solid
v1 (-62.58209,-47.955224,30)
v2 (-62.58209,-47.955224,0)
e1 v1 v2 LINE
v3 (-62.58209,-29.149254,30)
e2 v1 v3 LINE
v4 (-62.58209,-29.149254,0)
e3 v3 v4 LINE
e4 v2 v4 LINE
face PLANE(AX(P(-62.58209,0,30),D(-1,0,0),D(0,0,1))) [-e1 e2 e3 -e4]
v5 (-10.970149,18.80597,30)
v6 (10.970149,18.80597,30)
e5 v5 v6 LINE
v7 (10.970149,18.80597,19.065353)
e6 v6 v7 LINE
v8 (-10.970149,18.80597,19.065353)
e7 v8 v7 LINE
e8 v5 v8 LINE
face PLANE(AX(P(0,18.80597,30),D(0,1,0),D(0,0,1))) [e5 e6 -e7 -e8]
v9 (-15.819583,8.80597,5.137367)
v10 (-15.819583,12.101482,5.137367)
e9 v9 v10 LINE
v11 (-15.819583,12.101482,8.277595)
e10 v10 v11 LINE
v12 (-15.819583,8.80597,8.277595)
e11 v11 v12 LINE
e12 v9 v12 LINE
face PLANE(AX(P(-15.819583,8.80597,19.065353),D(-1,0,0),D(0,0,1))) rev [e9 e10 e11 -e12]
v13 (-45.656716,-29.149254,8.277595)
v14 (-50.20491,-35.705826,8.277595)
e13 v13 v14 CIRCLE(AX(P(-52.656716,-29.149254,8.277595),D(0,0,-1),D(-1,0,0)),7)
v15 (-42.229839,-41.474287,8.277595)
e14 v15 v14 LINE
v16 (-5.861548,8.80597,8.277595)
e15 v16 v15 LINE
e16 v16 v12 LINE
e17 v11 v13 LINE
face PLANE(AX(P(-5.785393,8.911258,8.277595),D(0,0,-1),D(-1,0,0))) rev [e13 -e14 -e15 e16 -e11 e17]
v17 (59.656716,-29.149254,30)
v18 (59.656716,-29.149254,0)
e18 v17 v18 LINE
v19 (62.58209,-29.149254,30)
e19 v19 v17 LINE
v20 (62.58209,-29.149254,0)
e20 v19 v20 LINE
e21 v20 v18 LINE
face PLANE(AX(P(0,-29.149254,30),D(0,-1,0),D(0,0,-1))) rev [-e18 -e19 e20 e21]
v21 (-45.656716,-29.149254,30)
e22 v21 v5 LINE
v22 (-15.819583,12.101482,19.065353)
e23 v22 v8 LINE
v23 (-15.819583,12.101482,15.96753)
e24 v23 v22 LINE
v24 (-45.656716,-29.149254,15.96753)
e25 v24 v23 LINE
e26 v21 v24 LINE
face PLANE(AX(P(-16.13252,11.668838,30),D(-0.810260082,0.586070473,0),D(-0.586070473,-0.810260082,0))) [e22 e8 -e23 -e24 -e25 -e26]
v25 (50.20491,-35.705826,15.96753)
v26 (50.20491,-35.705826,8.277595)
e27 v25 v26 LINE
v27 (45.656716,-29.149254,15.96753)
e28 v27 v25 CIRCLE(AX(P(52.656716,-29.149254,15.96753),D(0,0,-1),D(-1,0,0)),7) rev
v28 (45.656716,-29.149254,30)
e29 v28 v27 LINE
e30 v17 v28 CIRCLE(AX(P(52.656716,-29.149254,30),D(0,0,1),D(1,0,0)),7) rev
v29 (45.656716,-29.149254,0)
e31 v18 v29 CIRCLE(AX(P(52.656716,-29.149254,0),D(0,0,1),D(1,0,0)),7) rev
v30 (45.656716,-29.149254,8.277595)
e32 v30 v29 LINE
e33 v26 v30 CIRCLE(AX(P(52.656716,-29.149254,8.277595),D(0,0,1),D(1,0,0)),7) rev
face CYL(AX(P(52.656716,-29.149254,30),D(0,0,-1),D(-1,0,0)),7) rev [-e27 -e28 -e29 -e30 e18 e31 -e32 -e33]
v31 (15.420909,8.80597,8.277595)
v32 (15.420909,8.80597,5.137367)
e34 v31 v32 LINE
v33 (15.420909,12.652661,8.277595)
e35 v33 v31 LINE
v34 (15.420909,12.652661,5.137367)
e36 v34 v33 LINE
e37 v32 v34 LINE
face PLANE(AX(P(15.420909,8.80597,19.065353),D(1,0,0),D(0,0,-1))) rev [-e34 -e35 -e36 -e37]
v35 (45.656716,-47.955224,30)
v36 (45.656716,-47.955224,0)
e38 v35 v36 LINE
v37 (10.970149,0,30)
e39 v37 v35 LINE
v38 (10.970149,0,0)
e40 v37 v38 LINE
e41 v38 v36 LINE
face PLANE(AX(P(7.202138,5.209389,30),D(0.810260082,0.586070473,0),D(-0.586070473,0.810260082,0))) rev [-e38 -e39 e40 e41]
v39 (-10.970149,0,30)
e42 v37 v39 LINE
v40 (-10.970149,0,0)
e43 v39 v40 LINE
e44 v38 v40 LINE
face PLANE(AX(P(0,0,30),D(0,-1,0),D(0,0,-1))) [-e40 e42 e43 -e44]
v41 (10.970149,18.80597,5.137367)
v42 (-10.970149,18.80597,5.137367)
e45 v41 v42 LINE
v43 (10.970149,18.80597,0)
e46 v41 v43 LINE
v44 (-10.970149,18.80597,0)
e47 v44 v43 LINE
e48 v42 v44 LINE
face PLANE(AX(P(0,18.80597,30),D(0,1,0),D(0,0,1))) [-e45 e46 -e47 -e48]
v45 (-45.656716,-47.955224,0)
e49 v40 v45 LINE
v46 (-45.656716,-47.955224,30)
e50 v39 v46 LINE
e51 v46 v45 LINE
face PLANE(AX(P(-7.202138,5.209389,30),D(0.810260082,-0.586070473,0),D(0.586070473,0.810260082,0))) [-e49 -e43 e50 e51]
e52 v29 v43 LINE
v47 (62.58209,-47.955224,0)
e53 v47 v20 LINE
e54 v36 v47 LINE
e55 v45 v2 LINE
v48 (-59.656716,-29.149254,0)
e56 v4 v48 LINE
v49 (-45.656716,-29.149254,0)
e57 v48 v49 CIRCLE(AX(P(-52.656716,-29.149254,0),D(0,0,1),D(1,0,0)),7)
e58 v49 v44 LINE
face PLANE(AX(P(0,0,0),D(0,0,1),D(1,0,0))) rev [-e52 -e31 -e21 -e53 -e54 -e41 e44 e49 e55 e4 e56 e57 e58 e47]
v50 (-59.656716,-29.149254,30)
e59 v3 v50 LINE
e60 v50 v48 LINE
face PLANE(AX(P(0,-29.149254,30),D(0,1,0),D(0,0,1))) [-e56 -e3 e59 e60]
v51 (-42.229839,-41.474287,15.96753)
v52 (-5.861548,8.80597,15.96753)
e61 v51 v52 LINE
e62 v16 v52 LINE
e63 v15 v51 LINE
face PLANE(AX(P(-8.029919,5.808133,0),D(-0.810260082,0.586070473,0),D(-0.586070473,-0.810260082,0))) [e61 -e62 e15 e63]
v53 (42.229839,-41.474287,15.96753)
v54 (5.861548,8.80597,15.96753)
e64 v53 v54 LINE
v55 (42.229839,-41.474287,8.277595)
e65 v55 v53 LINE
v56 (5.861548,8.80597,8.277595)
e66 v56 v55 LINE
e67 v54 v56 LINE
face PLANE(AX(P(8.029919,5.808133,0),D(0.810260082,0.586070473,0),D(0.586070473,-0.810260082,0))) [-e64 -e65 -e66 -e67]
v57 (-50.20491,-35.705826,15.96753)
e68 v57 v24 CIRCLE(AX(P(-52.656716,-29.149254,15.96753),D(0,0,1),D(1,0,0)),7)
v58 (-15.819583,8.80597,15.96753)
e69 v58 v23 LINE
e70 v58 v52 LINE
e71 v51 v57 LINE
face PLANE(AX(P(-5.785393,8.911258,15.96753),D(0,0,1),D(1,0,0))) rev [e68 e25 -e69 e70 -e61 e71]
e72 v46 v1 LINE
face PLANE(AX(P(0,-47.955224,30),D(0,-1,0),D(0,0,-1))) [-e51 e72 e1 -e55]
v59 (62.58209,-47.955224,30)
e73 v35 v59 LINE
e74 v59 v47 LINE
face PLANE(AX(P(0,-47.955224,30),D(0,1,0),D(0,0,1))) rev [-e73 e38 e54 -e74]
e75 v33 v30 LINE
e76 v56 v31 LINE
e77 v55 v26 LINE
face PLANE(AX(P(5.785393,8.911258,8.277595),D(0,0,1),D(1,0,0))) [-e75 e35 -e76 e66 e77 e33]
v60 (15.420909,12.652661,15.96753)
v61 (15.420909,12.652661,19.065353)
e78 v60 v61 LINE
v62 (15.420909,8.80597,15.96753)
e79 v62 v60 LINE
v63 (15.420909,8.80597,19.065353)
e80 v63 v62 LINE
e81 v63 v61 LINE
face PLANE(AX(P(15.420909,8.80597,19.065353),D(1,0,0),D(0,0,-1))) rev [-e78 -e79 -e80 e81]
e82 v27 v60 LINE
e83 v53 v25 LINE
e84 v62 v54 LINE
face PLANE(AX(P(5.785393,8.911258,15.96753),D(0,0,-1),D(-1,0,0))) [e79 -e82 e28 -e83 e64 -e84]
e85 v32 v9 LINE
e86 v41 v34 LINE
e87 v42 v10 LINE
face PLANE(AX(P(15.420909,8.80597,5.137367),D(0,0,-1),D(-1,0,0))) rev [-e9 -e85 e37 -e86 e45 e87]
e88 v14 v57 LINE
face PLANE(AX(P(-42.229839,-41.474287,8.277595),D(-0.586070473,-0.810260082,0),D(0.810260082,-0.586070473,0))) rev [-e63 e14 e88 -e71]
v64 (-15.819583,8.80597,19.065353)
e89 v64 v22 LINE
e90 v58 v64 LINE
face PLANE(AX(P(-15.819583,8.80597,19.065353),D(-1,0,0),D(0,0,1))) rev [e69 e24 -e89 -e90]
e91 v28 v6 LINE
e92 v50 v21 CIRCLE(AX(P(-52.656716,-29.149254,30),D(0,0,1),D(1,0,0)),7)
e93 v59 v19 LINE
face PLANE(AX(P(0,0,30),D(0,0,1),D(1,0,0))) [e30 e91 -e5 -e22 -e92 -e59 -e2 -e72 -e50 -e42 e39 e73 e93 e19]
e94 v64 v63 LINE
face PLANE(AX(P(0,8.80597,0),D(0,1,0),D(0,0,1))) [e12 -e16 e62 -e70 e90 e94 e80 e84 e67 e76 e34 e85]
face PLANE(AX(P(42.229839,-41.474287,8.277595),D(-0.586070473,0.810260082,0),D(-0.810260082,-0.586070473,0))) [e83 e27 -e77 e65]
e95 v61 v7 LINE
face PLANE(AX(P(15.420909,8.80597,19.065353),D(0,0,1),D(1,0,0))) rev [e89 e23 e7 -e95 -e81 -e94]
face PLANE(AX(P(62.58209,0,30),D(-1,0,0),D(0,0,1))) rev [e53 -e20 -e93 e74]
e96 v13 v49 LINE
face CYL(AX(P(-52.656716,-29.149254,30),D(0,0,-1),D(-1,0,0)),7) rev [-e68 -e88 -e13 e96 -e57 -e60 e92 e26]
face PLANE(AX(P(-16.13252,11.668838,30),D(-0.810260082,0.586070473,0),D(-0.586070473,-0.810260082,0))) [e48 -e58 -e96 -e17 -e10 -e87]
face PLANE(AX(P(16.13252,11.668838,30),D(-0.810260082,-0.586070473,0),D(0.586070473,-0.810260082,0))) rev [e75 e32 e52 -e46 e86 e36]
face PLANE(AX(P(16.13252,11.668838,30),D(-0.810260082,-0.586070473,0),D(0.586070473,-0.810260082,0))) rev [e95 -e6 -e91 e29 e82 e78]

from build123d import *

# Parameters (mm, degrees)
BOSS_EXTRUDE1_DEPTH = 30
SKETCH3_W           = 31.24049206
SKETCH3_H           = 13.927985749
CUT_EXTRUDE1_DEPTH  = 10
SKETCH4_W           = 7.689934576
SKETCH4_H           = 62.184409798
CUT_EXTRUDE2_DEPTH  = 10


with BuildPart() as part:
    # Sketch2 → Boss-Extrude1 (new body)
    with BuildSketch(Plane.XY):
        with BuildLine():
            Line((-10.970149254, 0), (0, 0))
            Line((0, 0), (0, 18.805970149))
            Line((0, 18.805970149), (-10.970149254, 18.805970149))
            Line((-10.970149254, 18.805970149), (-45.656716418, -29.149253731))
            ThreePointArc((-45.656716418, -29.149253731), (-52.656716418, -36.149253731), (-59.656716418, -29.149253731))
            Line((-59.656716418, -29.149253731), (-62.582089552, -29.149253731))
            Line((-62.582089552, -29.149253731), (-62.582089552, -47.955223881))
            Line((-62.582089552, -47.955223881), (-45.656716418, -47.955223881))
            Line((-45.656716418, -47.955223881), (-10.970149254, 0))
        make_face()
        with BuildLine():
            Line((0, 0), (10.970149254, 0))
            Line((10.970149254, 0), (45.656716418, -47.955223881))
            Line((45.656716418, -47.955223881), (62.582089552, -47.955223881))
            Line((62.582089552, -47.955223881), (62.582089552, -29.149253731))
            Line((62.582089552, -29.149253731), (59.656716418, -29.149253731))
            ThreePointArc((59.656716418, -29.149253731), (52.656716418, -36.149253731), (45.656716418, -29.149253731))
            Line((45.656716418, -29.149253731), (10.970149254, 18.805970149))
            Line((10.970149254, 18.805970149), (0, 18.805970149))
            Line((0, 18.805970149), (0, 0))
        make_face()
    extrude(amount=BOSS_EXTRUDE1_DEPTH)

    # Sketch3 → Cut-Extrude1 (cut)
    with BuildSketch(Plane(origin=(0, 18.805970149, 0), x_dir=(1, 0, 0), z_dir=(0, 1, 0))):
        with Locations((-0.199336915, -12.101360071)):
            Rectangle(SKETCH3_W, SKETCH3_H)
    extrude(amount=-CUT_EXTRUDE1_DEPTH, mode=Mode.SUBTRACT)

    # Sketch4 → Cut-Extrude2 (cut)
    with BuildSketch(Plane(origin=(-16.132519574, 11.668837688, 0), x_dir=(0, 0, 1), z_dir=(-0.8102600819579188, 0.5860704732244638, 0))):
        with Locations((12.122562235, -27.26241609)):
            Rectangle(SKETCH4_W, SKETCH4_H)
    cut_extrude2 = extrude(amount=-CUT_EXTRUDE2_DEPTH, mode=Mode.SUBTRACT)

    # Mirror1: Cut-Extrude2 across plane
    add(cut_extrude2.mirror(Plane(origin=(0, 0, 0), x_dir=(0, 0, 1), z_dir=(1, 0, 0))), mode=Mode.SUBTRACT)


solid = part.part
